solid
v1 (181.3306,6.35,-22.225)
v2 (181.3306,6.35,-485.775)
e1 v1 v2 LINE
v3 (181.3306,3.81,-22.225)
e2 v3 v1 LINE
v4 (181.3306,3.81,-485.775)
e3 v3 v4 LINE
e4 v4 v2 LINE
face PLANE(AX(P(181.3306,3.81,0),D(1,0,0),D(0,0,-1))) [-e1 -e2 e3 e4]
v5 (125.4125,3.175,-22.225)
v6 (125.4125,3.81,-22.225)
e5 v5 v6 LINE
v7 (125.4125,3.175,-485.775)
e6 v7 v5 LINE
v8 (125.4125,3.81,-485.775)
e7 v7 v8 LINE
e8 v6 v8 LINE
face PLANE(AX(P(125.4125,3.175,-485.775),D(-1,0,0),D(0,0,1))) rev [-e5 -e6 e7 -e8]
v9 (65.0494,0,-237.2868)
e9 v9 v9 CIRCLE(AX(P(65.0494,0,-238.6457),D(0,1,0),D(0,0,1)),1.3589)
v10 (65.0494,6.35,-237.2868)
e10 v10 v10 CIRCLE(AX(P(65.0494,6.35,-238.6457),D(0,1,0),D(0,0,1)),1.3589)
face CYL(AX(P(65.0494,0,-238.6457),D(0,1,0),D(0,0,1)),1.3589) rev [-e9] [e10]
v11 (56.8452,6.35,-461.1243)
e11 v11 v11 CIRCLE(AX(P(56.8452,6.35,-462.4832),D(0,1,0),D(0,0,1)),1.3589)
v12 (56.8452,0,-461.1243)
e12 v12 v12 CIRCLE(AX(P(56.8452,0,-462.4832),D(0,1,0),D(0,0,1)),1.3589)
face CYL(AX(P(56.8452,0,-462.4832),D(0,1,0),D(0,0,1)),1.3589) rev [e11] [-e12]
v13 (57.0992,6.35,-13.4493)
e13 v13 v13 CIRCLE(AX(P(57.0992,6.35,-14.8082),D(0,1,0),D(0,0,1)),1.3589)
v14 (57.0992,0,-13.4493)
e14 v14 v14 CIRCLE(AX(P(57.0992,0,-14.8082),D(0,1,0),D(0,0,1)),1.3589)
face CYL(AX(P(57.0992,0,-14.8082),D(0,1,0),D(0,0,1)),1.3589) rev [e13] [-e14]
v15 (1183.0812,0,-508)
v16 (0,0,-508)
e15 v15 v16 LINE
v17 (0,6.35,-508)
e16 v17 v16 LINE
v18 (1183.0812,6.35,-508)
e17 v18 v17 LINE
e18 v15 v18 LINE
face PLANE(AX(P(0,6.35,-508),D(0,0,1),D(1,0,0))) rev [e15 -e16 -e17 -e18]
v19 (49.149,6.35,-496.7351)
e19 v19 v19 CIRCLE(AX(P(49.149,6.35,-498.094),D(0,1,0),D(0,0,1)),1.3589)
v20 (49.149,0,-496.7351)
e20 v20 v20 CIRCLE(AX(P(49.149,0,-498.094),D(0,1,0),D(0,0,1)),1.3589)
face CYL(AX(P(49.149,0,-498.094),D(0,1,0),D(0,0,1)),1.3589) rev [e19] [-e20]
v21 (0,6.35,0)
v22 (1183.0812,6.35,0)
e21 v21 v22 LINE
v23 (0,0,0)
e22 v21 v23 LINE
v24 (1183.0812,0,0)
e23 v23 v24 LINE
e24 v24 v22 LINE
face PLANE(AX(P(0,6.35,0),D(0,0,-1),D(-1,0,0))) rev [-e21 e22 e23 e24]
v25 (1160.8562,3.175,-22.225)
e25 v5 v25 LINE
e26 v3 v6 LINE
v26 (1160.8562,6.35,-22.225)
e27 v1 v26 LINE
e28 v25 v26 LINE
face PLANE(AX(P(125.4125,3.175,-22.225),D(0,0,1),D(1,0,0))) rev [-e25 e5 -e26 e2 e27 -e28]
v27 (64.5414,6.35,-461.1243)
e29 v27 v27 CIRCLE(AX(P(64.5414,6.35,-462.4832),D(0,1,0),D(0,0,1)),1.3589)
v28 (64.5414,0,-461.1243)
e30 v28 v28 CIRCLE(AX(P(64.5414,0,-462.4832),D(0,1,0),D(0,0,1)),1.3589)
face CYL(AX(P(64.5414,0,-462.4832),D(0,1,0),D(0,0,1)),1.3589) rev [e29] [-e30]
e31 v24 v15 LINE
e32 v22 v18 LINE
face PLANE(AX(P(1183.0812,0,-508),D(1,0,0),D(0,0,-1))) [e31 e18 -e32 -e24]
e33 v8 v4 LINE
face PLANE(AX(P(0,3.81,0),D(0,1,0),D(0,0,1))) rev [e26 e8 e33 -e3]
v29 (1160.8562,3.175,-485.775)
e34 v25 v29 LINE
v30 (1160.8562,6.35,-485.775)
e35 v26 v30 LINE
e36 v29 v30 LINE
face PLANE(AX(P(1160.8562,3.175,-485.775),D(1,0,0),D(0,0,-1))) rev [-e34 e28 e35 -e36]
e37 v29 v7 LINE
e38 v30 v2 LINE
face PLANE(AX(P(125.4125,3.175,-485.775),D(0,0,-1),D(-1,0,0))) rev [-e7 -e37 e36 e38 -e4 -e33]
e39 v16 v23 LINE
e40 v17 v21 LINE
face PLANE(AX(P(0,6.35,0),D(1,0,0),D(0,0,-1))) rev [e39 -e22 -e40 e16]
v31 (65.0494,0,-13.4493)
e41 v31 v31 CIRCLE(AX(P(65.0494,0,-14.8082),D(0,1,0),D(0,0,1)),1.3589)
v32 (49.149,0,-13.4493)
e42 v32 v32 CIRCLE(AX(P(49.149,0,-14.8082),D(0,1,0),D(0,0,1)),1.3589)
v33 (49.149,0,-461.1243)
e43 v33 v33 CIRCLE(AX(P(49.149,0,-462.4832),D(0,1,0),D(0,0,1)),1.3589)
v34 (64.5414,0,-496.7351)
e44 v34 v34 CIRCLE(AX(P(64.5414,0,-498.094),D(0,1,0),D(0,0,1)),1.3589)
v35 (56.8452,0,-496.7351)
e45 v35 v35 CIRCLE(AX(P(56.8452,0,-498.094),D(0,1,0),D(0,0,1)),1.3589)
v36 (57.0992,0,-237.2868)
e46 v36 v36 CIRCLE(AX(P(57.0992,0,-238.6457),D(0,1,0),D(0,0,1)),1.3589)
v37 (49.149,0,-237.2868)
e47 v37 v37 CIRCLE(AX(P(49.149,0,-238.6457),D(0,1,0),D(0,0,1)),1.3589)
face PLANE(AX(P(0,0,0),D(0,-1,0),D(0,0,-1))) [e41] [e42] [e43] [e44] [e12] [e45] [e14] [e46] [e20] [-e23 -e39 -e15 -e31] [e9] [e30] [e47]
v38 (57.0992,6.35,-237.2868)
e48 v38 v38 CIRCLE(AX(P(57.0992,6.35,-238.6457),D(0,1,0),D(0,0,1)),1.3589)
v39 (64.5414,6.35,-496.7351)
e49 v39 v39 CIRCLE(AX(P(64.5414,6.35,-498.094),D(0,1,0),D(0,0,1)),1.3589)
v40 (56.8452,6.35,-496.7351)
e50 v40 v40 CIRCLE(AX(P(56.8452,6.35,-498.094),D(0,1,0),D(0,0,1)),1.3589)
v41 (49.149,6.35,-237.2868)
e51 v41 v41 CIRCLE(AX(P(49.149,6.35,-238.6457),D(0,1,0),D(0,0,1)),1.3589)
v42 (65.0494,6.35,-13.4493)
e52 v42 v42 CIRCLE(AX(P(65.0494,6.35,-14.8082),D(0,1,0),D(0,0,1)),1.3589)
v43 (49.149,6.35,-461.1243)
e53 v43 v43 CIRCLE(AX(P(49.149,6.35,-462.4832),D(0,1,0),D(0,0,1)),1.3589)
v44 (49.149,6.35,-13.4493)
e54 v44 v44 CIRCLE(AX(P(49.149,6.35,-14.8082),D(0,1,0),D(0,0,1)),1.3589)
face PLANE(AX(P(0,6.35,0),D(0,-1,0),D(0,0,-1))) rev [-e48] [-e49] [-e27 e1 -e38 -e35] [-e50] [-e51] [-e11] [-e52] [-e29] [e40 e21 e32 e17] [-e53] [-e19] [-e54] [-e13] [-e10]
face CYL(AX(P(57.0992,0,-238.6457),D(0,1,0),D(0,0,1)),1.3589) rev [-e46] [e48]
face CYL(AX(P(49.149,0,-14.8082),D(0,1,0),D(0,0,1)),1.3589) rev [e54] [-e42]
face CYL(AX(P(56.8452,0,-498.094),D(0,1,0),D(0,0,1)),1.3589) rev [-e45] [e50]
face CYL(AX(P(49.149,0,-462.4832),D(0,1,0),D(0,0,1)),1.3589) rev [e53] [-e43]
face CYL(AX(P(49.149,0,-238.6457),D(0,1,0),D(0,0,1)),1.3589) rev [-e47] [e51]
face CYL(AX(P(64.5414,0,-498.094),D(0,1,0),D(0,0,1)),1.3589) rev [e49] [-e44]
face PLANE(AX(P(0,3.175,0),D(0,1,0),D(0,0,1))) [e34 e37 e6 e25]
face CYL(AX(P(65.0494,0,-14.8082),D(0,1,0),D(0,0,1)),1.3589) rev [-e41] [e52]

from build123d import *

# Parameters (mm, degrees)
SKETCH1_W           = 1066.8
SKETCH1_H           = 508
BOSS_EXTRUDE1_DEPTH = 6.35
SKETCH2_W           = 919.1625
SKETCH2_H           = 463.55
CUT_EXTRUDE1_DEPTH  = 3.175
SKETCH3_R           = 1.3589
CUT_EXTRUDE2_DEPTH  = 7.35
SKETCH5_W           = 55.9181
SKETCH5_H           = 463.55
BOSS_EXTRUDE2_DEPTH = 2.54
SKETCH6_W           = 116.2812
SKETCH6_H           = 508
BOSS_EXTRUDE3_DEPTH = 6.35
SKETCH7_W           = 116.2812
SKETCH7_H           = 463.55
CUT_EXTRUDE3_DEPTH  = 3.175


with BuildPart() as part:
    # Sketch1 → Boss-Extrude1 (new body)
    with BuildSketch(Plane(origin=(0, 0, 0), x_dir=(1, 0, 0), z_dir=(0, 1, 0))):
        with Locations((533.4, 254)):
            Rectangle(SKETCH1_W, SKETCH1_H)
    extrude(amount=BOSS_EXTRUDE1_DEPTH)

    # Sketch2 → Cut-Extrude1 (cut)
    with BuildSketch(Plane(origin=(0, 6.35, 0), x_dir=(1, 0, 0), z_dir=(0, 1, 0))):
        with Locations((584.99375, 254)):
            Rectangle(SKETCH2_W, SKETCH2_H)
    extrude(amount=-CUT_EXTRUDE1_DEPTH, mode=Mode.SUBTRACT)

    # Sketch3 → Cut-Extrude2 (cut, through all)
    with BuildSketch(Plane(origin=(0, 6.35, 0), x_dir=(1, 0, 0), z_dir=(0, 1, 0))):
        with Locations((49.149, 462.4832)):
            Circle(SKETCH3_R)
        with Locations((49.149, 498.094)):
            Circle(SKETCH3_R)
        with Locations((56.8452, 498.094)):
            Circle(SKETCH3_R)
        with Locations((56.8452, 462.4832)):
            Circle(SKETCH3_R)
        with Locations((64.5414, 498.094)):
            Circle(SKETCH3_R)
        with Locations((64.5414, 462.4832)):
            Circle(SKETCH3_R)
        with Locations((49.149, 14.8082)):
            Circle(SKETCH3_R)
        with Locations((57.0992, 14.8082)):
            Circle(SKETCH3_R)
        with Locations((65.0494, 14.8082)):
            Circle(SKETCH3_R)
        with Locations((49.149, 238.6457)):
            Circle(SKETCH3_R)
        with Locations((57.0992, 238.6457)):
            Circle(SKETCH3_R)
        with Locations((65.0494, 238.6457)):
            Circle(SKETCH3_R)
    extrude(amount=-CUT_EXTRUDE2_DEPTH, mode=Mode.SUBTRACT)

    # Sketch5 → Boss-Extrude2 (add)
    with BuildSketch(Plane(origin=(0, 6.35, 0), x_dir=(1, 0, 0), z_dir=(0, 1, 0))):
        with Locations((153.37155, 254)):
            Rectangle(SKETCH5_W, SKETCH5_H)
    extrude(amount=-BOSS_EXTRUDE2_DEPTH)

    # Sketch6 → Boss-Extrude3 (add)
    with BuildSketch(Plane(origin=(0, 6.35, 0), x_dir=(1, 0, 0), z_dir=(0, 1, 0))):
        with Locations((1124.9406, 254)):
            Rectangle(SKETCH6_W, SKETCH6_H)
    extrude(amount=-BOSS_EXTRUDE3_DEPTH)

    # Sketch7 → Cut-Extrude3 (cut)
    with BuildSketch(Plane(origin=(0, 6.35, 0), x_dir=(1, 0, 0), z_dir=(0, 1, 0))):
        with Locations((1102.7156, 254)):
            Rectangle(SKETCH7_W, SKETCH7_H)
    extrude(amount=-CUT_EXTRUDE3_DEPTH, mode=Mode.SUBTRACT)


solid = part.part
